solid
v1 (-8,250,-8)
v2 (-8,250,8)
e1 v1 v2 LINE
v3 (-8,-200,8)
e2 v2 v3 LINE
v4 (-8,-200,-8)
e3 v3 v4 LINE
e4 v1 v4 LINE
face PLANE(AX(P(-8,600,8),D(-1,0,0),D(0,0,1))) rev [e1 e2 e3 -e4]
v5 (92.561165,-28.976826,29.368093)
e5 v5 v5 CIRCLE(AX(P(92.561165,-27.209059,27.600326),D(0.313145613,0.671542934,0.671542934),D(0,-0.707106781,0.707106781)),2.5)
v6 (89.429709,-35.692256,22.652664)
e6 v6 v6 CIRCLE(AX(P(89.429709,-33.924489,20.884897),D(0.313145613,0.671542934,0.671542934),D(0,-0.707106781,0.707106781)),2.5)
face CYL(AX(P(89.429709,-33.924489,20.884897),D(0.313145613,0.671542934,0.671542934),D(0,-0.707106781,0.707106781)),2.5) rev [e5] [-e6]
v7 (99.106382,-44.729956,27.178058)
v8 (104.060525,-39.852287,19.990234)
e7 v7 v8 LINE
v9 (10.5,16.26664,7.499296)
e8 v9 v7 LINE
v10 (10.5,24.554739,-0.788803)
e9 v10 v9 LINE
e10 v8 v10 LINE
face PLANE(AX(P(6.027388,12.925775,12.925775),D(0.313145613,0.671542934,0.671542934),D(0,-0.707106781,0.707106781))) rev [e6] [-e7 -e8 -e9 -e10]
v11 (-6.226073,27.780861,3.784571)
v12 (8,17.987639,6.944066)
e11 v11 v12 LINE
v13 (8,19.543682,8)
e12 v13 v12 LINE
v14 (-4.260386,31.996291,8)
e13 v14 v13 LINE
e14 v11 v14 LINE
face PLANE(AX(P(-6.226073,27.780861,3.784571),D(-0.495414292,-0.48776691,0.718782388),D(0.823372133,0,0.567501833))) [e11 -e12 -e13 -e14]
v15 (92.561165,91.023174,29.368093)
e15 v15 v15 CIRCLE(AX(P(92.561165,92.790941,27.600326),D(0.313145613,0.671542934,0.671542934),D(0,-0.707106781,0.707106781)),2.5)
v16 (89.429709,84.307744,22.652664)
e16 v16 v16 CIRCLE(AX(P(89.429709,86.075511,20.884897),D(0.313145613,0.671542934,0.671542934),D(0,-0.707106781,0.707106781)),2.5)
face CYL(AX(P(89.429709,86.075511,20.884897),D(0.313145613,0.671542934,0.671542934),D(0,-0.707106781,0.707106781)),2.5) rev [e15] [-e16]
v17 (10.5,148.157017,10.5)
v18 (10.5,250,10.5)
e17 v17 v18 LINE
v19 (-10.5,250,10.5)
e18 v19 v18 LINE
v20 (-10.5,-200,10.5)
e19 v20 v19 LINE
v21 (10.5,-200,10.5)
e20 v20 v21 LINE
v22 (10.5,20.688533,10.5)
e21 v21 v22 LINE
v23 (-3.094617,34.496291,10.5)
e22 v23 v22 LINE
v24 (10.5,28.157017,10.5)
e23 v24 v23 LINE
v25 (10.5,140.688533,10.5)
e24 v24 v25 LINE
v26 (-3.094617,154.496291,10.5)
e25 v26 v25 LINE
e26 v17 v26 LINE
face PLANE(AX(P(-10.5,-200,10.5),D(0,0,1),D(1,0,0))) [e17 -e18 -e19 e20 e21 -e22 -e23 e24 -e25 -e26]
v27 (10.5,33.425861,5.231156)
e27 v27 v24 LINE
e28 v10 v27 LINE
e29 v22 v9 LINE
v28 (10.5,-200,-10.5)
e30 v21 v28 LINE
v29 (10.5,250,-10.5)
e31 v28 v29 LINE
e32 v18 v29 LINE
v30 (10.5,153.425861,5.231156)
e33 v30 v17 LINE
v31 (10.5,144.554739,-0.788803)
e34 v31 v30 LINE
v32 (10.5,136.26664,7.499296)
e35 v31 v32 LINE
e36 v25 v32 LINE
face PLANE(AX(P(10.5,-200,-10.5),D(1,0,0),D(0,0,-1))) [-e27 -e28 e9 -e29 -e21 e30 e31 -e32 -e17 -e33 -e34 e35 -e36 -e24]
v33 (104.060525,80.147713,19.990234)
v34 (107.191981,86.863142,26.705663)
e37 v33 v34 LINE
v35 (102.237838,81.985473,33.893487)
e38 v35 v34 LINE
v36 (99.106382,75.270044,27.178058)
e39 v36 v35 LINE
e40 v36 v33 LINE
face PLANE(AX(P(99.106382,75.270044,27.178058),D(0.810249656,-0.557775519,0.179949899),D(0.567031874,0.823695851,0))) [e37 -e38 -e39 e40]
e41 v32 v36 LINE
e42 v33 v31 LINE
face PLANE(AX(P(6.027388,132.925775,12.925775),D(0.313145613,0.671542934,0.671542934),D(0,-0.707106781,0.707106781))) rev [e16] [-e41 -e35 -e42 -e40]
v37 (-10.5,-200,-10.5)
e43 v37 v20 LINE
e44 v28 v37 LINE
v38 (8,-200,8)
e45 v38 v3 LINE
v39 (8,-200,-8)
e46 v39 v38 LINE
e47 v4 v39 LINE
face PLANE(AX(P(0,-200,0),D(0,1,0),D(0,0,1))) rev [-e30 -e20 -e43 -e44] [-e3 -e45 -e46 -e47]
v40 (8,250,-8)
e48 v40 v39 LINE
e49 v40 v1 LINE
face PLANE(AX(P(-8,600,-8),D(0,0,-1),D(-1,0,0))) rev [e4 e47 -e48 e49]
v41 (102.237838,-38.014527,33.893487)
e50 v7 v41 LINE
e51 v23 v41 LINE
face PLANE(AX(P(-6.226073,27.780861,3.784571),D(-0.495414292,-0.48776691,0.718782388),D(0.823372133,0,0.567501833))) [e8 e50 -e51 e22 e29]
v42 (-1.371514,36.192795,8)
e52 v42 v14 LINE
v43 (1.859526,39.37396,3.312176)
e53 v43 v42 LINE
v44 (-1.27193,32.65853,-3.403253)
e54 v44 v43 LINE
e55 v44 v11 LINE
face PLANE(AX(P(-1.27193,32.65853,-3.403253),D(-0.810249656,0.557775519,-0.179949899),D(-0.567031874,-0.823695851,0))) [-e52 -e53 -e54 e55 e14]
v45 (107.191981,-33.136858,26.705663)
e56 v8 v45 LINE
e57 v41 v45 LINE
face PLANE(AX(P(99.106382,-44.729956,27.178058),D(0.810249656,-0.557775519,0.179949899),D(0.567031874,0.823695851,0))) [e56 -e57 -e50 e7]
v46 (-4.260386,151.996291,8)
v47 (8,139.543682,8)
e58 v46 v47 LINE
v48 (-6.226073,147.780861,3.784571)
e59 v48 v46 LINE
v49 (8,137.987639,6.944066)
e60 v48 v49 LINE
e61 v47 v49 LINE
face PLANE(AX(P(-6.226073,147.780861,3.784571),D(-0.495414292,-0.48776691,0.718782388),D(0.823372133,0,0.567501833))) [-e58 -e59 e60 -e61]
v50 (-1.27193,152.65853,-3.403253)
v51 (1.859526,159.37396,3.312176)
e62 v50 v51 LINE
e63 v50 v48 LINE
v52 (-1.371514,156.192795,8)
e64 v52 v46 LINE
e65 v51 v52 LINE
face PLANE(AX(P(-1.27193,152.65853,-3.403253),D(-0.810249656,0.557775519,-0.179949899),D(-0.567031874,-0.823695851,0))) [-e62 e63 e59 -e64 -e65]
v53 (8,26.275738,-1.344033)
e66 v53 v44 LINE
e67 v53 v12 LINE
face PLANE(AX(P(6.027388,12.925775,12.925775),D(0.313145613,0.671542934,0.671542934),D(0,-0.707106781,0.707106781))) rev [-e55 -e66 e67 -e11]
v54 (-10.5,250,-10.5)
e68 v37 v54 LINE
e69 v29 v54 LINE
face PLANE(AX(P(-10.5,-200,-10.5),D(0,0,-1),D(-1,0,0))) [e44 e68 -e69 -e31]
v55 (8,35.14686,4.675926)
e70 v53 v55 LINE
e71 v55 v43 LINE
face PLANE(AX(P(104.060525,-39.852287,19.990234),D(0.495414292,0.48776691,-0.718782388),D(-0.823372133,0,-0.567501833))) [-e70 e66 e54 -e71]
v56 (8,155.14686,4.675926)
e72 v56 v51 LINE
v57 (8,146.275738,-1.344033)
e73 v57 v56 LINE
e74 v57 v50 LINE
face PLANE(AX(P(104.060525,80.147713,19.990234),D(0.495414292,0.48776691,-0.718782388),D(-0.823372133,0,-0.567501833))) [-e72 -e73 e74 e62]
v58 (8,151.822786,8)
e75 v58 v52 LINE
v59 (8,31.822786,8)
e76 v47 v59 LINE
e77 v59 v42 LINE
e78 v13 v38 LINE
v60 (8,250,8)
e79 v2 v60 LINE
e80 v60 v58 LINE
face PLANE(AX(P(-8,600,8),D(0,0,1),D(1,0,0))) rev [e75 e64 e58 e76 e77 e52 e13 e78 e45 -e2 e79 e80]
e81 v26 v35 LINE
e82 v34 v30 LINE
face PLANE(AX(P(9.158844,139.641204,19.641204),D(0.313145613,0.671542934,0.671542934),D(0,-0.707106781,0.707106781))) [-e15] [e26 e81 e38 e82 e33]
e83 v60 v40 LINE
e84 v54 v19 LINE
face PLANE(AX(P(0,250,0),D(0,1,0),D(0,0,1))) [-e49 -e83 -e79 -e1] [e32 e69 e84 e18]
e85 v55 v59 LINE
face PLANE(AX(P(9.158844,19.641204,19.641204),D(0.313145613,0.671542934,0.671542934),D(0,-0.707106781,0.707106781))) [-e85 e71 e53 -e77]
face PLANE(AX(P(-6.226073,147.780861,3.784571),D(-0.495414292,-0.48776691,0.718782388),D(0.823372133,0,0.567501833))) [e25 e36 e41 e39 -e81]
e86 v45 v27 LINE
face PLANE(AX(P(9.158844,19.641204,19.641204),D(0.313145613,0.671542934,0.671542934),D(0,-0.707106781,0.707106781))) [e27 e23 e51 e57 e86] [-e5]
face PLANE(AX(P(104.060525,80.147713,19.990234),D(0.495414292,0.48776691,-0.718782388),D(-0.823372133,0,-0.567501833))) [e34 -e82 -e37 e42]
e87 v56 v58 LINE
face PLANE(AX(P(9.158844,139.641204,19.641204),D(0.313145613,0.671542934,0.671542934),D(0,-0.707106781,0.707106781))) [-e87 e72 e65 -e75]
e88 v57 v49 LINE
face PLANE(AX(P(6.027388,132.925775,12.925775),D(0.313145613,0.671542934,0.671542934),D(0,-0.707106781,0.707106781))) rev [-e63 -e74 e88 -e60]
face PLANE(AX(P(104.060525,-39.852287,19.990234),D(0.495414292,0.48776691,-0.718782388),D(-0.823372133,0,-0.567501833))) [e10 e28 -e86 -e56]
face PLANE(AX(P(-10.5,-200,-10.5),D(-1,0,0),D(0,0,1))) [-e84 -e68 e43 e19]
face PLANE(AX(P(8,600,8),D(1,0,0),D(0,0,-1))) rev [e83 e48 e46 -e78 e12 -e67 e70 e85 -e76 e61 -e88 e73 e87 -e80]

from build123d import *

# Parameters (mm, degrees)
BOSS_EXTRUDE1_DEPTH      = 250
BOSS_EXTRUDE1_DEPTH_BACK = 200
SKETCH2_W                = 21
SKETCH2_H                = 21
SKETCH3_W                = 16
SKETCH3_H                = 16
CUT_EXTRUDE1_DEPTH       = 800
SKETCH14_R               = 2.5
BOSS_EXTRUDE3_DEPTH      = 10
LPATTERN1_COUNT          = 2
LPATTERN1_PITCH          = 120


with BuildPart() as part:
    # Sketch2 → Boss-Extrude1 (new, two sides: drawn at the far end of the back side and taken through both)
    with BuildSketch(Plane(origin=(0, 0, 0), x_dir=(1, 0, 0), z_dir=(0, 1, 0)).offset(-BOSS_EXTRUDE1_DEPTH_BACK)):
        Rectangle(SKETCH2_W, SKETCH2_H)
    extrude(amount=BOSS_EXTRUDE1_DEPTH + BOSS_EXTRUDE1_DEPTH_BACK)

    # Sketch3 → Cut-Extrude1 (cut)
    with BuildSketch(Plane.XZ.offset(200)):
        Rectangle(SKETCH3_W, SKETCH3_H)
    extrude(amount=-CUT_EXTRUDE1_DEPTH, mode=Mode.SUBTRACT)

    # Sketch14 → Boss-Extrude3 (add)
    with BuildSketch(Plane(origin=(9.15884387, 19.641204062, 19.641204062), x_dir=(0.9497051253149476, -0.22142738646170096, -0.2214273864617029), z_dir=(0.3131456130149675, 0.6715429342378182, 0.6715429342378204))):
        Polygon((-12.902384486, 16.967939861), (98.008310235, -50.846644091), (103.224816692, -42.31505219), (-7.685878028, 25.499531762), align=None)
        with Locations(Location((87.819175611, -38.756088454, 0), (0, 0, 270))):
            Circle(SKETCH14_R, mode=Mode.SUBTRACT)
    boss_extrude3 = extrude(amount=-BOSS_EXTRUDE3_DEPTH)

    # LPattern1: Boss-Extrude3 ×2
    with Locations(*[(0, i * LPATTERN1_PITCH, 0) for i in range(1, LPATTERN1_COUNT)]):
        add(boss_extrude3)


solid = part.part
